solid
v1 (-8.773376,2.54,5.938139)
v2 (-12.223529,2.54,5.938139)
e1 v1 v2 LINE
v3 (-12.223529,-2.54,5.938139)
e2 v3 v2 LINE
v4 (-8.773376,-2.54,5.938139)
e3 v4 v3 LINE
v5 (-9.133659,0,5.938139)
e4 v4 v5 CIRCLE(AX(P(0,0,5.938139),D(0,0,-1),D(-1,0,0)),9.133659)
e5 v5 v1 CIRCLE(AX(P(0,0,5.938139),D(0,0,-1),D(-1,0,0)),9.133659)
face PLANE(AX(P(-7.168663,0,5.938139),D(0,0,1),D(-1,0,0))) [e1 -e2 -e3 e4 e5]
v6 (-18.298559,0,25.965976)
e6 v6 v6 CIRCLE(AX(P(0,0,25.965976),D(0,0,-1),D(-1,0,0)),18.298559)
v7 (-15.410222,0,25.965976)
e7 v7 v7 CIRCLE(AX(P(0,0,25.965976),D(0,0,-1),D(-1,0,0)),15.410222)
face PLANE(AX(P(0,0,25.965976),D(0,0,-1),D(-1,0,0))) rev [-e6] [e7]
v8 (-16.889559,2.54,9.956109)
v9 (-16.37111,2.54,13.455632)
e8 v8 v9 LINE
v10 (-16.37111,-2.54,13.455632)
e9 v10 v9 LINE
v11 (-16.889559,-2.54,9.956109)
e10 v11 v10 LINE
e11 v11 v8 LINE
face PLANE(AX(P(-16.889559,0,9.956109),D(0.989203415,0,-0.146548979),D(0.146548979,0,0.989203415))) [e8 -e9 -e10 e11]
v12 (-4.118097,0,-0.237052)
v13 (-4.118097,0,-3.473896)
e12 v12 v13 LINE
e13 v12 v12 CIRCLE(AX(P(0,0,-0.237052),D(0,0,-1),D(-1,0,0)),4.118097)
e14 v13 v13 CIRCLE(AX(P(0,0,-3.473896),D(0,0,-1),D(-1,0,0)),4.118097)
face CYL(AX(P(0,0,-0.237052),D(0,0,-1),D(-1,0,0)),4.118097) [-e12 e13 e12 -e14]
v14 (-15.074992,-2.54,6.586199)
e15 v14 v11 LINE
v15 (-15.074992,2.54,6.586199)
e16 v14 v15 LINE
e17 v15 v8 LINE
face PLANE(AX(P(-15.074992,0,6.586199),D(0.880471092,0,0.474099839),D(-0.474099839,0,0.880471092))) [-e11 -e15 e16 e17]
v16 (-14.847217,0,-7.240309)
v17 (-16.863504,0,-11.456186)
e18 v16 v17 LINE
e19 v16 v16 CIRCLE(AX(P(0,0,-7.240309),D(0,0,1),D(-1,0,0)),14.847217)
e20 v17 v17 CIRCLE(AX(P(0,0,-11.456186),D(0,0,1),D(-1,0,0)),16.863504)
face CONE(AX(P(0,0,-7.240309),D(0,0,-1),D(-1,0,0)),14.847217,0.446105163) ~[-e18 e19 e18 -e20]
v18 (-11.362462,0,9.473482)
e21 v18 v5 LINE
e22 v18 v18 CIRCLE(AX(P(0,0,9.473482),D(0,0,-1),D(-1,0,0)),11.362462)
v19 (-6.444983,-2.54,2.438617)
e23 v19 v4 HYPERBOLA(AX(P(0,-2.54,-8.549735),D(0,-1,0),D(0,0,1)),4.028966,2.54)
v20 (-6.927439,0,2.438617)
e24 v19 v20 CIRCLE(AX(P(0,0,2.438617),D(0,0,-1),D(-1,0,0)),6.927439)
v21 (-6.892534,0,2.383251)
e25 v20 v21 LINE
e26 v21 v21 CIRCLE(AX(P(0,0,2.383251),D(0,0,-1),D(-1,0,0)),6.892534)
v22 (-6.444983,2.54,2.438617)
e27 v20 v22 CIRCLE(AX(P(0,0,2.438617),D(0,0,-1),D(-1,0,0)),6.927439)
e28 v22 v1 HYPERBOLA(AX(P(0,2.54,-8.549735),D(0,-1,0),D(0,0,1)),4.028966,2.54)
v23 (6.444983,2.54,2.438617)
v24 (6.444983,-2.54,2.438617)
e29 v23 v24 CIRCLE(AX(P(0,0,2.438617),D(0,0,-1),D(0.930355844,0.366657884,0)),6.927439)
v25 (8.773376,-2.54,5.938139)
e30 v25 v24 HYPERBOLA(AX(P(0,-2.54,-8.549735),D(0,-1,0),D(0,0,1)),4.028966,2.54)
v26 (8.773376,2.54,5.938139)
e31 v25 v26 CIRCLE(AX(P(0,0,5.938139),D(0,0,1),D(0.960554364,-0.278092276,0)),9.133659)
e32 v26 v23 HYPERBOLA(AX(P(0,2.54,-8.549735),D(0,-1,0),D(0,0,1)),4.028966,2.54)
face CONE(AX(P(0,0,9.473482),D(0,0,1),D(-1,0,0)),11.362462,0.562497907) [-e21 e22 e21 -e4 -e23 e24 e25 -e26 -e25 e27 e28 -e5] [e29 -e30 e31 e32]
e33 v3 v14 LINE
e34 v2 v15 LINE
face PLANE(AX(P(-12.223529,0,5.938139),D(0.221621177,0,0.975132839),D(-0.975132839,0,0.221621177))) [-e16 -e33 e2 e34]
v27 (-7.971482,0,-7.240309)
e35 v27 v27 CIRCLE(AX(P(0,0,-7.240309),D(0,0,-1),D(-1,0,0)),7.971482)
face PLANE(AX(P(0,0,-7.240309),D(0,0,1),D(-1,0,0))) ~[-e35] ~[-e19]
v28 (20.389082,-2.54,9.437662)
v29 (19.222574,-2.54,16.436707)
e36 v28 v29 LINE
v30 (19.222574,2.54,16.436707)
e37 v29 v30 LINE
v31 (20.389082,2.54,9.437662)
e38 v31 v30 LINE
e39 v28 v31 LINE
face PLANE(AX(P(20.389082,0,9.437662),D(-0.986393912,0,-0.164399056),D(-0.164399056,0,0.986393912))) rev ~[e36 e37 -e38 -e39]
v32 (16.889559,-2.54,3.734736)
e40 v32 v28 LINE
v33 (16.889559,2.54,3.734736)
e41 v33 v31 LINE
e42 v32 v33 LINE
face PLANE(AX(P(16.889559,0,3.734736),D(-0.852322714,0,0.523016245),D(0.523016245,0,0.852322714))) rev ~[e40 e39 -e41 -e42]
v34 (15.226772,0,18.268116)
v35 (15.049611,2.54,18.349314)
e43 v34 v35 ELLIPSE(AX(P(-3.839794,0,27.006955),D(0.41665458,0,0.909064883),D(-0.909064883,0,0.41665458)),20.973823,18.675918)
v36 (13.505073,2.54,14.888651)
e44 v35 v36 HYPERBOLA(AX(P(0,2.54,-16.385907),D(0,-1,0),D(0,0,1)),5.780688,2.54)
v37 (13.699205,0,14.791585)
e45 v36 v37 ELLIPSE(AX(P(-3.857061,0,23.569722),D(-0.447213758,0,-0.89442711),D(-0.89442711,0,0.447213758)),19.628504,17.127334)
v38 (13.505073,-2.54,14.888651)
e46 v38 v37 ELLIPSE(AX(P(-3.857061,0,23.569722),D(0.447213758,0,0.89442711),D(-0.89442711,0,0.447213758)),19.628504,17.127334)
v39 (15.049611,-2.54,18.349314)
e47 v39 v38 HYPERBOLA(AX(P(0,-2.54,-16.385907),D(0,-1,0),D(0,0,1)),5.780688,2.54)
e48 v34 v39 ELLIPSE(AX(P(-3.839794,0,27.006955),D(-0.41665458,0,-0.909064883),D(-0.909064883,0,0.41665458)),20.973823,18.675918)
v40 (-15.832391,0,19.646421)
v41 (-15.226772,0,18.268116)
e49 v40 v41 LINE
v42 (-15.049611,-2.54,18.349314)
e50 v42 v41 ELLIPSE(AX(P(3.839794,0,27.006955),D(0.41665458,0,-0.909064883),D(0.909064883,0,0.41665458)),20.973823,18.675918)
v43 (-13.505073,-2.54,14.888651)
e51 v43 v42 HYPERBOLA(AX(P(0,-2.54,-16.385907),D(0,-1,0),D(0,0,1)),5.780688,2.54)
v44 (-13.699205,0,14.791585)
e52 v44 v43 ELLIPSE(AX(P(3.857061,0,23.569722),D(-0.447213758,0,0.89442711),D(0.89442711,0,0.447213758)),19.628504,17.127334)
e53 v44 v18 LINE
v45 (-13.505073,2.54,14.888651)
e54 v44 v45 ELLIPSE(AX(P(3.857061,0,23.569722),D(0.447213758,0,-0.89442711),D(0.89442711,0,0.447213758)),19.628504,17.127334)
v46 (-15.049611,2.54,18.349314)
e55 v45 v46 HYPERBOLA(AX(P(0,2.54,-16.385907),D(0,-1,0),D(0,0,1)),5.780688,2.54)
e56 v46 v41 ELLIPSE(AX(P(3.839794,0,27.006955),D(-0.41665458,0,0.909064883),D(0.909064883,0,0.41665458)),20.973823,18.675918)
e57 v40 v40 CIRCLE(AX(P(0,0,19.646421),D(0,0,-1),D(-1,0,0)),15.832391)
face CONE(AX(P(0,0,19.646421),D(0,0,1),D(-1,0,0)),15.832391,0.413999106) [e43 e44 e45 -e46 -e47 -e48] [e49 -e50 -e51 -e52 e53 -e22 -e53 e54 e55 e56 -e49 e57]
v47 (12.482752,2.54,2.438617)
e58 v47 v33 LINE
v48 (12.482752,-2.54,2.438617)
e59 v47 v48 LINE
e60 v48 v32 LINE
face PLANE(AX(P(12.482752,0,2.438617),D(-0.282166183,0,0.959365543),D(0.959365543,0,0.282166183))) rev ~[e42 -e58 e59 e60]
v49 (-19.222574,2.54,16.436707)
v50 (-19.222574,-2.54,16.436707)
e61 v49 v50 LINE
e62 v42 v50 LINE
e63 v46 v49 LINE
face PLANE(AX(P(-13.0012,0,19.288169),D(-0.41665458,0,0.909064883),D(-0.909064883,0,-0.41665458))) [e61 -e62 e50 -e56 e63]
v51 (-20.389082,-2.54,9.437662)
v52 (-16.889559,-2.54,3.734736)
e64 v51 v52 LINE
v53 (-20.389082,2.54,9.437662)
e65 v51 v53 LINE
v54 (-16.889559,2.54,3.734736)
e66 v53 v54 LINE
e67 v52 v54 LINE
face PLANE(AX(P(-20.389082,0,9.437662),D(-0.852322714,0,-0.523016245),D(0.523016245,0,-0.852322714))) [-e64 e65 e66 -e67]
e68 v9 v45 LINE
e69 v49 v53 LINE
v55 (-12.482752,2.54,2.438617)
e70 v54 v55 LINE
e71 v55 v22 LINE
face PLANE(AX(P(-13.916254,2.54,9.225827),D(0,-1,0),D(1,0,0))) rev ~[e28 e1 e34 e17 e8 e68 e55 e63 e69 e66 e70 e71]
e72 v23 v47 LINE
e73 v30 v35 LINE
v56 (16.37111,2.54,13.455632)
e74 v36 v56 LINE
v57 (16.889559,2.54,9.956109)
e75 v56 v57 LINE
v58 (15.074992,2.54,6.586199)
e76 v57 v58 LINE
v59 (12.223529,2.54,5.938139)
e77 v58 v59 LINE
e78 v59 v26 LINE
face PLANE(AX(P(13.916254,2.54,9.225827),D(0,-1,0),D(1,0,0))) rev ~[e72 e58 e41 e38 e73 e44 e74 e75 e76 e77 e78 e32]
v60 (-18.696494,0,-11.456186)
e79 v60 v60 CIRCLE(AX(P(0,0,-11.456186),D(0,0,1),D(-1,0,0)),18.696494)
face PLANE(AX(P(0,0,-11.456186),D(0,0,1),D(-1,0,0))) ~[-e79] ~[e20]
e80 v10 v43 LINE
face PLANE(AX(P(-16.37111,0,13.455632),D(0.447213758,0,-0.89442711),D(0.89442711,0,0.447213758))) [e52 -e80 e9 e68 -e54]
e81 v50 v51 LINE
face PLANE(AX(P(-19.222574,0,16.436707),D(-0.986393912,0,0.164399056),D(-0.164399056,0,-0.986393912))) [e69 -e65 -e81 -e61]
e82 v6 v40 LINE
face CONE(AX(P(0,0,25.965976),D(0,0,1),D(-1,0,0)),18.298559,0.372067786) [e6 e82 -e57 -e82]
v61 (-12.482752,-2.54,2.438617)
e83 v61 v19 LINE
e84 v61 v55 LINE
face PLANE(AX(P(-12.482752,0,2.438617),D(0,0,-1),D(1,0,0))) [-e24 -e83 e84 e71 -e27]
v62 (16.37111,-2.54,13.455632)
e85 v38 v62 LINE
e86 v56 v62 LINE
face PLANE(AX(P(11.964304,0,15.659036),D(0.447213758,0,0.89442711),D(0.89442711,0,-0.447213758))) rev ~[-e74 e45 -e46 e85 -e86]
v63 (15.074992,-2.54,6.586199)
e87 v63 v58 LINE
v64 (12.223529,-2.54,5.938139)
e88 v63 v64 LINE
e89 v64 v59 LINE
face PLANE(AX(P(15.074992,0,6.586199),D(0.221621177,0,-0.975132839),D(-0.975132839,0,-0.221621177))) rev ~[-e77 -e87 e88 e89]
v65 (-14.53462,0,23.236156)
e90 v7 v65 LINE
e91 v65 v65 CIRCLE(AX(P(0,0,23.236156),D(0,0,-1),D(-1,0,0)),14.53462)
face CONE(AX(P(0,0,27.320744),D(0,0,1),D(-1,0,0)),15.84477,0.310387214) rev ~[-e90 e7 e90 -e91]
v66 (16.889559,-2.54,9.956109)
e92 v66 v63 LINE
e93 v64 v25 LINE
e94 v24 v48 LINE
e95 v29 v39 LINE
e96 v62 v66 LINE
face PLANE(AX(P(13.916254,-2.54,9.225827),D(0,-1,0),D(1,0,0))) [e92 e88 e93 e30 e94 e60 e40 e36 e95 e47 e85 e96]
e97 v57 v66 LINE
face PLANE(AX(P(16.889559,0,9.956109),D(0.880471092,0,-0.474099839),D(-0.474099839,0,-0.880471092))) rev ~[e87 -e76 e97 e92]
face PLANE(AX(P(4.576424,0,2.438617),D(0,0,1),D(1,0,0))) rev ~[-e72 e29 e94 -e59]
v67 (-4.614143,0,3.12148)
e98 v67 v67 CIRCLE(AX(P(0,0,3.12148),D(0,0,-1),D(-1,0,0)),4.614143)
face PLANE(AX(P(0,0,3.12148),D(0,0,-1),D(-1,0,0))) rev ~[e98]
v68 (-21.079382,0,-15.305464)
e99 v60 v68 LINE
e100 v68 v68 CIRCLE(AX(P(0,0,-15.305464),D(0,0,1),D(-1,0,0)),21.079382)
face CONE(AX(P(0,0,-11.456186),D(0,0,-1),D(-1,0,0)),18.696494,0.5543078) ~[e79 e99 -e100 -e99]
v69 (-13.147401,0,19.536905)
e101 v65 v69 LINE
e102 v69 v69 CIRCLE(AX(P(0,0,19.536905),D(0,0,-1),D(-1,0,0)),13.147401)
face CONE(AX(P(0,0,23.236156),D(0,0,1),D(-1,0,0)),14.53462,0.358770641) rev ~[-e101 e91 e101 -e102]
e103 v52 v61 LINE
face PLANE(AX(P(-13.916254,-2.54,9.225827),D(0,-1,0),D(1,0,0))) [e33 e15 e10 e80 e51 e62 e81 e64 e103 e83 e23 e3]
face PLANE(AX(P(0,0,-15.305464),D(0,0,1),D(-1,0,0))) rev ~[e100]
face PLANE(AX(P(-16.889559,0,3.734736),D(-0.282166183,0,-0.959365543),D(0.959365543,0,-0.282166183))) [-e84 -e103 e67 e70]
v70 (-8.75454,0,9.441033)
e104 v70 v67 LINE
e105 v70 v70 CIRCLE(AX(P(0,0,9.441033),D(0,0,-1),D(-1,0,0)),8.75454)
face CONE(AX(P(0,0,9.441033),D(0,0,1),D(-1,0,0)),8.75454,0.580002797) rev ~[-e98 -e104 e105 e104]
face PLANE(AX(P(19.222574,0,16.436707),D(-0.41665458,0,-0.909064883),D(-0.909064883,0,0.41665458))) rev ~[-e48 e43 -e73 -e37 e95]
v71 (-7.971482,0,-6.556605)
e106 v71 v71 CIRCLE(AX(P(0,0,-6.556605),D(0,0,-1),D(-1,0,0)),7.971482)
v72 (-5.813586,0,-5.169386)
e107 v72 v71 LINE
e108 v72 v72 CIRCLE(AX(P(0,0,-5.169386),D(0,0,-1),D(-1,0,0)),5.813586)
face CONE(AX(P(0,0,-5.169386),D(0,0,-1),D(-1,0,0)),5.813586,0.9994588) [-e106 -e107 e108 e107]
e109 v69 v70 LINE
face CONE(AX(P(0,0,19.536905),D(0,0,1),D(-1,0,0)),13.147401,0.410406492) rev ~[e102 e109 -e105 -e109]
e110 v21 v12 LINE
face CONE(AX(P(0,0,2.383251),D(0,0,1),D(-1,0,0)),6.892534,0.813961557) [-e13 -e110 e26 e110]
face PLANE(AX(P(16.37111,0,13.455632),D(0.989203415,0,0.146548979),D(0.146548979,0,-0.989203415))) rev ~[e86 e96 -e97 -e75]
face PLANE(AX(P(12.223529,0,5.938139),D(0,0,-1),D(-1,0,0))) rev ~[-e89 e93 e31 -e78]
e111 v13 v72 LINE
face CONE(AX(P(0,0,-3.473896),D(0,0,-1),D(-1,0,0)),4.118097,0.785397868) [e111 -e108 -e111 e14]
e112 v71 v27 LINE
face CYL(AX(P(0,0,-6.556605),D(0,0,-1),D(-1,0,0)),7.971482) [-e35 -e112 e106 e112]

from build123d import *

# Parameters (mm, degrees)
F5_DEPTH = 2.54
F6_DEPTH = 2.54


with BuildPart() as f1:
    # F0 (on Front) → F1 (revolve)
    with BuildSketch(Plane.XZ):
        Polygon((0, -15.305464), (0, -7.240309), (-14.847217, -7.240309), (-16.863504, -11.456186), (-18.696494, -11.456186), (-21.079382, -15.305464), align=None)
    revolve(axis=Axis((0, 0, -11.272887), (0, 0, 1)))

    # F2 (on Front) → F3 (revolve)
    with BuildSketch(Plane.XZ):
        Polygon((-4.272232, -7.943824), (0, -7.943824), (0, 25.965976), (-18.298559, 25.965976), (-15.832391, 19.646421), (-11.362462, 9.473482), (-6.892534, 2.383251), (-4.118097, -0.237052), (-4.118097, -3.473896), (-5.813586, -5.169386), (-7.971482, -6.556605), (-7.971482, -7.943824), align=None)
    revolve(axis=Axis((0, 0, 9.011076), (0, 0, -1)))

    # F4 (on Front) → F5 (join)
    with BuildSketch(Plane.XZ):
        Polygon((-16.37111, 13.455632), (-11.964304, 15.659036), (-13.0012, 19.288169), (-19.222574, 16.436707), (-20.389082, 9.437662), (-16.889559, 3.734736), (-12.482752, 2.438617), (-4.576424, 2.438617), (-4.576424, 3.99396), (-7.168663, 5.938139), (-12.223529, 5.938139), (-15.074992, 6.586199), (-16.889559, 9.956109), align=None)
        Polygon((16.889559, 9.956109), (15.074992, 6.586199), (12.223529, 5.938139), (7.168663, 5.938139), (4.576424, 3.99396), (4.576424, 2.438617), (12.482752, 2.438617), (16.889559, 3.734736), (20.389082, 9.437662), (19.222574, 16.436707), (13.0012, 19.288169), (11.964304, 15.659036), (16.37111, 13.455632), align=None)
    extrude(amount=F5_DEPTH)

    # F4 (on Front) → F6 (join)
    with BuildSketch(Plane.XZ):
        Polygon((-16.37111, 13.455632), (-11.964304, 15.659036), (-13.0012, 19.288169), (-19.222574, 16.436707), (-20.389082, 9.437662), (-16.889559, 3.734736), (-12.482752, 2.438617), (-4.576424, 2.438617), (-4.576424, 3.99396), (-7.168663, 5.938139), (-12.223529, 5.938139), (-15.074992, 6.586199), (-16.889559, 9.956109), align=None)
        Polygon((16.889559, 9.956109), (15.074992, 6.586199), (12.223529, 5.938139), (7.168663, 5.938139), (4.576424, 3.99396), (4.576424, 2.438617), (12.482752, 2.438617), (16.889559, 3.734736), (20.389082, 9.437662), (19.222574, 16.436707), (13.0012, 19.288169), (11.964304, 15.659036), (16.37111, 13.455632), align=None)
    extrude(amount=-F6_DEPTH)

    # F7 (on Front) → F8 (revolve, cut)
    with BuildSketch(Plane.XZ):
        Polygon((0, 3.12148), (0, 23.313222), (0, 27.320744), (-15.84477, 27.320744), (-14.53462, 23.236156), (-13.147401, 19.536905), (-8.75454, 9.441033), (-4.614143, 3.12148), align=None)
    revolve(axis=Axis((0, 0, 15.221112), (0, 0, -1)), mode=Mode.SUBTRACT)


solid = f1.part
